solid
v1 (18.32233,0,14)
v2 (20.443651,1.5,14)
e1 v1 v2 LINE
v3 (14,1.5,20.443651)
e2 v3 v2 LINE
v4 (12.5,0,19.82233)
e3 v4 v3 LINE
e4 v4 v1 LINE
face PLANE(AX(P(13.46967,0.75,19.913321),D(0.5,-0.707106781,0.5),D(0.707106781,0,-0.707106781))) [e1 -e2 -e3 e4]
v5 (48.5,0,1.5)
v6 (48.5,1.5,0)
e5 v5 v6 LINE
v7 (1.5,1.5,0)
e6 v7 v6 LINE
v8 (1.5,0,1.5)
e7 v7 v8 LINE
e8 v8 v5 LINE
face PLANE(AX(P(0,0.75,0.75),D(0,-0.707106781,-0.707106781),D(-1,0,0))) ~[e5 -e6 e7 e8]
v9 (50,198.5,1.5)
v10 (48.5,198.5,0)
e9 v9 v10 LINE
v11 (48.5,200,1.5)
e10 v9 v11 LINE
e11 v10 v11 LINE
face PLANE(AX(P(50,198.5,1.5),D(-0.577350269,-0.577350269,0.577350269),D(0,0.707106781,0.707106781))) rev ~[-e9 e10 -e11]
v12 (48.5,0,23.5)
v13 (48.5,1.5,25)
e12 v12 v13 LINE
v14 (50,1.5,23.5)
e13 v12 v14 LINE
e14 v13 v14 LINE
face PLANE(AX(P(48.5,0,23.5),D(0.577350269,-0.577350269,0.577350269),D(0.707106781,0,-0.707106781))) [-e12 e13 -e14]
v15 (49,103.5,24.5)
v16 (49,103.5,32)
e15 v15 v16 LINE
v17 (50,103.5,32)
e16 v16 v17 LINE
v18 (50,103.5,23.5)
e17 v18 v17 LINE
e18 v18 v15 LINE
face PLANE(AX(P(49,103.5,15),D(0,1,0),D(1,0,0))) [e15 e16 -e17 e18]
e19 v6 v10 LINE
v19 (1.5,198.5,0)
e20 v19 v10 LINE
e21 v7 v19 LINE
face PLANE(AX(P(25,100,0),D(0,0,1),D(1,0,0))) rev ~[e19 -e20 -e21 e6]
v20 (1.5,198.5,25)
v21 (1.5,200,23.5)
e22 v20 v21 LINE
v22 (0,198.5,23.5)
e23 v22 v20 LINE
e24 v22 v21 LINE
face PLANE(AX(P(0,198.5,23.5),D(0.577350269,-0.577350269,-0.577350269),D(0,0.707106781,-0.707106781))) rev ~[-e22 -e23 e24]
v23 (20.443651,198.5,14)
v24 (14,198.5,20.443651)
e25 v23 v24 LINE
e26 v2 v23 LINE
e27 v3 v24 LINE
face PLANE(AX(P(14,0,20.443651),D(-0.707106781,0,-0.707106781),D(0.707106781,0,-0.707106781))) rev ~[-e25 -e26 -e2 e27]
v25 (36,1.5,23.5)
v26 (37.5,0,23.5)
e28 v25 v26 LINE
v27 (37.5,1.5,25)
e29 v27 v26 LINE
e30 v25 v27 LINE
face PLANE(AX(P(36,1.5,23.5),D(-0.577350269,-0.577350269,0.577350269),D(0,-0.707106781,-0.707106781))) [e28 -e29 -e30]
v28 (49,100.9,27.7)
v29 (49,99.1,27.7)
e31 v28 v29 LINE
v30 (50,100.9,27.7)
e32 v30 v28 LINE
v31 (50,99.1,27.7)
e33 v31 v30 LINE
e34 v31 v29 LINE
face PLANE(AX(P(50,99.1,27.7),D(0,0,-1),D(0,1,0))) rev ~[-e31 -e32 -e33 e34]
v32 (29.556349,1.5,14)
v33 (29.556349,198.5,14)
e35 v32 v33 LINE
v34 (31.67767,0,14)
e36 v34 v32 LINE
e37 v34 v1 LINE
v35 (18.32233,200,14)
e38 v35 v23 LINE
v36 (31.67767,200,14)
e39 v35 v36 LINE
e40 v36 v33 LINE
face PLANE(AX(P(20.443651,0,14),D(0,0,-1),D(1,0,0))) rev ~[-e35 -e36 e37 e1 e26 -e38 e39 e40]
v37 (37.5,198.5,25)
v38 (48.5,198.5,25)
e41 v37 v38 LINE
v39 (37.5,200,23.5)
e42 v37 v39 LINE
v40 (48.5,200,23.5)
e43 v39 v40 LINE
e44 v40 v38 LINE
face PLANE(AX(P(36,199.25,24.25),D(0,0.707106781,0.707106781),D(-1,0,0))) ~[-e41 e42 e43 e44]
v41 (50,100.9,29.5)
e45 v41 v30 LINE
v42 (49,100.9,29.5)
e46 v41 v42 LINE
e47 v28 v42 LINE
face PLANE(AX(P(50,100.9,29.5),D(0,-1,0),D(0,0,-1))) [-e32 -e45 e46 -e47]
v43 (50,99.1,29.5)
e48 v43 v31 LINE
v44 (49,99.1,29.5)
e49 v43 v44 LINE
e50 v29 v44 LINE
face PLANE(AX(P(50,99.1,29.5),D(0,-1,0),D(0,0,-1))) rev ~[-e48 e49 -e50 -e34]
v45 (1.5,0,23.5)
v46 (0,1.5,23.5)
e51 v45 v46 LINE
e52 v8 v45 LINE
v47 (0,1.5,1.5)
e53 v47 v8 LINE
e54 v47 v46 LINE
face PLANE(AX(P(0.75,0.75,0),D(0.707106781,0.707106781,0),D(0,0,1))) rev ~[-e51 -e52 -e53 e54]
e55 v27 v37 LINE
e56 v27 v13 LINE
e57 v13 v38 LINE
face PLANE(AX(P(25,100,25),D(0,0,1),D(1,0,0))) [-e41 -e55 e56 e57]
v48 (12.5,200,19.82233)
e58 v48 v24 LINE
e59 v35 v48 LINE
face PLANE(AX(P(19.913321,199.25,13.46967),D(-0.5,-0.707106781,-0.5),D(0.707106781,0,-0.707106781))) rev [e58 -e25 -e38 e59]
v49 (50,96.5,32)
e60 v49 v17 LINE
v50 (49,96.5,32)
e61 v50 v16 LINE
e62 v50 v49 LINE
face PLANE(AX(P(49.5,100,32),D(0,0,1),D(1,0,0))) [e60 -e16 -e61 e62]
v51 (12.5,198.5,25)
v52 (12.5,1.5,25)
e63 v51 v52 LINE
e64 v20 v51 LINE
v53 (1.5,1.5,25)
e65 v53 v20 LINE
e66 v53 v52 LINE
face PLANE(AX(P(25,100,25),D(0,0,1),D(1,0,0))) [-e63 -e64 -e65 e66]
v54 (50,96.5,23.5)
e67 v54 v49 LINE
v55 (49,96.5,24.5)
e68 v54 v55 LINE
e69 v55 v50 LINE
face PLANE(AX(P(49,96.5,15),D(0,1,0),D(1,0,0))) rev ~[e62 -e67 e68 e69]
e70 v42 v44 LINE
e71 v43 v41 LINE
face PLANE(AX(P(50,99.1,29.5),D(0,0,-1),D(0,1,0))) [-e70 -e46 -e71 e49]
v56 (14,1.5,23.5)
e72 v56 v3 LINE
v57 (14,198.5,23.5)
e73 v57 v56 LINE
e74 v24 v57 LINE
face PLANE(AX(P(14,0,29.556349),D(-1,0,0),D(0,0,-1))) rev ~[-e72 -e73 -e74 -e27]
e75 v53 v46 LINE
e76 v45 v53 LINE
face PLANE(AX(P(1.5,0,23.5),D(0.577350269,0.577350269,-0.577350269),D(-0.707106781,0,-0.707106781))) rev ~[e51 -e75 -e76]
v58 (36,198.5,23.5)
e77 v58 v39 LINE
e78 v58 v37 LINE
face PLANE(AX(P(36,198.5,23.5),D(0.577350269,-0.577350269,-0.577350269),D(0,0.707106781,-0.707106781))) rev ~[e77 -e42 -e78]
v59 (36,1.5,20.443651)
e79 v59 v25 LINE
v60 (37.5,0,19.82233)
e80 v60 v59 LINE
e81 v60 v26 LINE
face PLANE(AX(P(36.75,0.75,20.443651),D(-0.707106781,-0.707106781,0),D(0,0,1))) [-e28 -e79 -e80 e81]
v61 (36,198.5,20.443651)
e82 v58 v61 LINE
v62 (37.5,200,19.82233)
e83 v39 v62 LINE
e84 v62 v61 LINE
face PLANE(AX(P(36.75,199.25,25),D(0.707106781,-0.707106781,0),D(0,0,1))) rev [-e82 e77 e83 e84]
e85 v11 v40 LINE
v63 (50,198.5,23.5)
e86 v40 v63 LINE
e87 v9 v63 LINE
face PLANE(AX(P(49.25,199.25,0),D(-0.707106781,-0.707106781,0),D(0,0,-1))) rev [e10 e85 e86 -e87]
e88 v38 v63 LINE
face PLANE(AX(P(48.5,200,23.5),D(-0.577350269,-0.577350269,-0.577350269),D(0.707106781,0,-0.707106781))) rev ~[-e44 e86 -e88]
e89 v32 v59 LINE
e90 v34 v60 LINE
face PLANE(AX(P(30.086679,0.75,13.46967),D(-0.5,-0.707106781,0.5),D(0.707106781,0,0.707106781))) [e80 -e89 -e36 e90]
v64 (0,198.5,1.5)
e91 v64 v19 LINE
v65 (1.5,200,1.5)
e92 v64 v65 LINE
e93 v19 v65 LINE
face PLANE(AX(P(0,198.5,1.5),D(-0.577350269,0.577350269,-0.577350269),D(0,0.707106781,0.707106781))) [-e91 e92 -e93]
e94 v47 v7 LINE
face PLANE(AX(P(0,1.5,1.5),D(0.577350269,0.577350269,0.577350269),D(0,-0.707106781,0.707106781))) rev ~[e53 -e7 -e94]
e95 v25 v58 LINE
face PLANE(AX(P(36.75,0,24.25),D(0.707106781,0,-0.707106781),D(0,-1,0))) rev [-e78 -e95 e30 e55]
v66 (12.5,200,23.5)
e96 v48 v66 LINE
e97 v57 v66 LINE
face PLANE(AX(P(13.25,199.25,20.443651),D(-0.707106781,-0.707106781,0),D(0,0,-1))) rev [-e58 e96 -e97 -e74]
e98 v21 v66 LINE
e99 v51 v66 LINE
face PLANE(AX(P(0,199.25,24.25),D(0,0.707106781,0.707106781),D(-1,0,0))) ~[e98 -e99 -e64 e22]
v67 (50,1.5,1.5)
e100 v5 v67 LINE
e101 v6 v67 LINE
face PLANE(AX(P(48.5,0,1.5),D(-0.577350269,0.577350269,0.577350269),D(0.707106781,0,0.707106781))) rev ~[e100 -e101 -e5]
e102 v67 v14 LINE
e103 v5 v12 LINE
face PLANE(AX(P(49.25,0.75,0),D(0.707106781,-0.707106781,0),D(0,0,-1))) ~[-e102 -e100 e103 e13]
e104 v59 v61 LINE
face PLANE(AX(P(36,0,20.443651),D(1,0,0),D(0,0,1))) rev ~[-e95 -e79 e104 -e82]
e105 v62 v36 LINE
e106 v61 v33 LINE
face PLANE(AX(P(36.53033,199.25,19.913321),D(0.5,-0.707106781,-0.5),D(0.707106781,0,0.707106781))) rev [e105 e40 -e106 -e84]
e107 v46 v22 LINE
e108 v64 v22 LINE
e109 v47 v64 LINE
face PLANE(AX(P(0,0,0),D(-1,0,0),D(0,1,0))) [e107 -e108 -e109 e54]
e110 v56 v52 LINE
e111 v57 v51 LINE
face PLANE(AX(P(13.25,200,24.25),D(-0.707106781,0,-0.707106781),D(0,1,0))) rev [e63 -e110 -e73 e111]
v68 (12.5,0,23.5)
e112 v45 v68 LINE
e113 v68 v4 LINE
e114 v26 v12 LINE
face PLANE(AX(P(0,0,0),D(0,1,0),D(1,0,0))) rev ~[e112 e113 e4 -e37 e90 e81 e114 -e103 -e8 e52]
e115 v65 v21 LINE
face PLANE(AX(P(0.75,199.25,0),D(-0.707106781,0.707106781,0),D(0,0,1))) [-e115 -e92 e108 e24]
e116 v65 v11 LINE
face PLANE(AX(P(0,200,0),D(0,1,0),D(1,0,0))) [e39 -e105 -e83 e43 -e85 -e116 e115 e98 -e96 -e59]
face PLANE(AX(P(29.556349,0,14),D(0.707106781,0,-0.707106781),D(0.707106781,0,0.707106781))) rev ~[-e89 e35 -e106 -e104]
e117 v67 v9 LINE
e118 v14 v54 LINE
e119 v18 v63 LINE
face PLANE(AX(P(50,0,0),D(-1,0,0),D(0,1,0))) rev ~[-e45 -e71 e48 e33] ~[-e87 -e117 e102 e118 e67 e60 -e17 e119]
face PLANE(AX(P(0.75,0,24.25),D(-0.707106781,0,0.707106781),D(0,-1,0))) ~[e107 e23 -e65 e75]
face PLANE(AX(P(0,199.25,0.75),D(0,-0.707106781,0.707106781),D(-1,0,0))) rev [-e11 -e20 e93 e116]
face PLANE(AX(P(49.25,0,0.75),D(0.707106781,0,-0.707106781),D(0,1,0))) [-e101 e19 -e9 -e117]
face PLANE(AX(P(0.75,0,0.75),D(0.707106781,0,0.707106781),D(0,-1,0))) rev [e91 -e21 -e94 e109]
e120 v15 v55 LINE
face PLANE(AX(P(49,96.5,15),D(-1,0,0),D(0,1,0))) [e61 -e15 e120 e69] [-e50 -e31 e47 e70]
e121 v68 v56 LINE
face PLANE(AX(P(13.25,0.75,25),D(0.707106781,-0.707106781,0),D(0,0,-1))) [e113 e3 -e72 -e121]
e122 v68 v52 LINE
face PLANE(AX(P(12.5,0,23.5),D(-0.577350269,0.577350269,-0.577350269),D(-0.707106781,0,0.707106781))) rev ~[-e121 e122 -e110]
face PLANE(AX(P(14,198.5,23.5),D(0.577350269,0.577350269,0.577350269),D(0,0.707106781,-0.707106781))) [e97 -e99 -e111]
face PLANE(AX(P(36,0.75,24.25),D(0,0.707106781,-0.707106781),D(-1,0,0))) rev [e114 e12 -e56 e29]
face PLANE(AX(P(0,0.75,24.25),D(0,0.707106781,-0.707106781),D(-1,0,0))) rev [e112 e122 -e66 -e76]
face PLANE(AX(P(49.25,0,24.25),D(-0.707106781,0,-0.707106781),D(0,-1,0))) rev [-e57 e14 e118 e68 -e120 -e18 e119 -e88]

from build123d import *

# Parameters (mm, degrees)
SKETCH1_W                = 50
SKETCH1_H                = 200
BOSS_EXTRUDE1_DEPTH      = 25
CUT_EXTRUDE1_DEPTH       = 208.665596573
CHAMFER1_SIZE            = 1.5
BOSS_EXTRUDE2_DEPTH      = 7
BOSS_EXTRUDE2_DEPTH_BACK = 10
SKETCH3_W                = 1
SKETCH3_H                = 7
SKETCH4_W                = 1.8
SKETCH4_H                = 1.8
CUT_EXTRUDE2_DEPTH       = 7


with BuildPart() as part:
    # Sketch1 → Boss-Extrude1 (new body)
    with BuildSketch(Plane.XY):
        with Locations((25, 100)):
            Rectangle(SKETCH1_W, SKETCH1_H)
    extrude(amount=BOSS_EXTRUDE1_DEPTH)

    # Sketch2 → Cut-Extrude1 (cut, through all)
    with BuildSketch(Plane.XZ):
        Polygon((29.556349186, 36), (20.443650814, 36), (14, 29.556349186), (14, 20.443650814), (20.443650814, 14), (29.556349186, 14), (36, 20.443650814), (36, 29.556349186), align=None)
    extrude(amount=-CUT_EXTRUDE1_DEPTH, mode=Mode.SUBTRACT)

    # Chamfer1
    chamfer1_edges = [part.edges().sort_by_distance(p)[0] for p in [
        (50, 100, 25),
        (43, 200, 25),
        (43, 0, 25),
        (7, 200, 25),
        (14, 100, 25),
        (36, 100, 25),
        (36, 200, 22.721825407),
        (14, 200, 22.721825407),
        (36, 0, 22.721825407),
        (14, 0, 22.721825407),
        (17.221825407, 0, 17.221825407),
        (32.778174593, 0, 17.221825407),
        (32.778174593, 200, 17.221825407),
        (17.221825407, 200, 17.221825407),
        (0, 100, 25),
        (25, 200, 0),
        (50, 100, 0),
        (25, 0, 0),
        (0, 100, 0),
        (7, 0, 25),
        (0, 200, 12.5),
        (50, 200, 12.5),
        (50, 0, 12.5),
        (0, 0, 12.5),
    ]]
    chamfer(chamfer1_edges, length=CHAMFER1_SIZE)

    # Sketch3 → Boss-Extrude2 (add, two sides: drawn at the far end of the back side and taken through both)
    with BuildSketch(Plane.XY.offset(25).offset(-BOSS_EXTRUDE2_DEPTH_BACK)):
        with Locations((49.5, 100)):
            Rectangle(SKETCH3_W, SKETCH3_H)
    extrude(amount=BOSS_EXTRUDE2_DEPTH + BOSS_EXTRUDE2_DEPTH_BACK)

    # Sketch4 → Cut-Extrude2 (cut)
    with BuildSketch(Plane(origin=(50, 0, 0), x_dir=(0, 0, -1), z_dir=(1, 0, 0))):
        with Locations((-28.6, 100)):
            Rectangle(SKETCH4_W, SKETCH4_H)
    extrude(amount=-CUT_EXTRUDE2_DEPTH, mode=Mode.SUBTRACT)


solid = part.part
